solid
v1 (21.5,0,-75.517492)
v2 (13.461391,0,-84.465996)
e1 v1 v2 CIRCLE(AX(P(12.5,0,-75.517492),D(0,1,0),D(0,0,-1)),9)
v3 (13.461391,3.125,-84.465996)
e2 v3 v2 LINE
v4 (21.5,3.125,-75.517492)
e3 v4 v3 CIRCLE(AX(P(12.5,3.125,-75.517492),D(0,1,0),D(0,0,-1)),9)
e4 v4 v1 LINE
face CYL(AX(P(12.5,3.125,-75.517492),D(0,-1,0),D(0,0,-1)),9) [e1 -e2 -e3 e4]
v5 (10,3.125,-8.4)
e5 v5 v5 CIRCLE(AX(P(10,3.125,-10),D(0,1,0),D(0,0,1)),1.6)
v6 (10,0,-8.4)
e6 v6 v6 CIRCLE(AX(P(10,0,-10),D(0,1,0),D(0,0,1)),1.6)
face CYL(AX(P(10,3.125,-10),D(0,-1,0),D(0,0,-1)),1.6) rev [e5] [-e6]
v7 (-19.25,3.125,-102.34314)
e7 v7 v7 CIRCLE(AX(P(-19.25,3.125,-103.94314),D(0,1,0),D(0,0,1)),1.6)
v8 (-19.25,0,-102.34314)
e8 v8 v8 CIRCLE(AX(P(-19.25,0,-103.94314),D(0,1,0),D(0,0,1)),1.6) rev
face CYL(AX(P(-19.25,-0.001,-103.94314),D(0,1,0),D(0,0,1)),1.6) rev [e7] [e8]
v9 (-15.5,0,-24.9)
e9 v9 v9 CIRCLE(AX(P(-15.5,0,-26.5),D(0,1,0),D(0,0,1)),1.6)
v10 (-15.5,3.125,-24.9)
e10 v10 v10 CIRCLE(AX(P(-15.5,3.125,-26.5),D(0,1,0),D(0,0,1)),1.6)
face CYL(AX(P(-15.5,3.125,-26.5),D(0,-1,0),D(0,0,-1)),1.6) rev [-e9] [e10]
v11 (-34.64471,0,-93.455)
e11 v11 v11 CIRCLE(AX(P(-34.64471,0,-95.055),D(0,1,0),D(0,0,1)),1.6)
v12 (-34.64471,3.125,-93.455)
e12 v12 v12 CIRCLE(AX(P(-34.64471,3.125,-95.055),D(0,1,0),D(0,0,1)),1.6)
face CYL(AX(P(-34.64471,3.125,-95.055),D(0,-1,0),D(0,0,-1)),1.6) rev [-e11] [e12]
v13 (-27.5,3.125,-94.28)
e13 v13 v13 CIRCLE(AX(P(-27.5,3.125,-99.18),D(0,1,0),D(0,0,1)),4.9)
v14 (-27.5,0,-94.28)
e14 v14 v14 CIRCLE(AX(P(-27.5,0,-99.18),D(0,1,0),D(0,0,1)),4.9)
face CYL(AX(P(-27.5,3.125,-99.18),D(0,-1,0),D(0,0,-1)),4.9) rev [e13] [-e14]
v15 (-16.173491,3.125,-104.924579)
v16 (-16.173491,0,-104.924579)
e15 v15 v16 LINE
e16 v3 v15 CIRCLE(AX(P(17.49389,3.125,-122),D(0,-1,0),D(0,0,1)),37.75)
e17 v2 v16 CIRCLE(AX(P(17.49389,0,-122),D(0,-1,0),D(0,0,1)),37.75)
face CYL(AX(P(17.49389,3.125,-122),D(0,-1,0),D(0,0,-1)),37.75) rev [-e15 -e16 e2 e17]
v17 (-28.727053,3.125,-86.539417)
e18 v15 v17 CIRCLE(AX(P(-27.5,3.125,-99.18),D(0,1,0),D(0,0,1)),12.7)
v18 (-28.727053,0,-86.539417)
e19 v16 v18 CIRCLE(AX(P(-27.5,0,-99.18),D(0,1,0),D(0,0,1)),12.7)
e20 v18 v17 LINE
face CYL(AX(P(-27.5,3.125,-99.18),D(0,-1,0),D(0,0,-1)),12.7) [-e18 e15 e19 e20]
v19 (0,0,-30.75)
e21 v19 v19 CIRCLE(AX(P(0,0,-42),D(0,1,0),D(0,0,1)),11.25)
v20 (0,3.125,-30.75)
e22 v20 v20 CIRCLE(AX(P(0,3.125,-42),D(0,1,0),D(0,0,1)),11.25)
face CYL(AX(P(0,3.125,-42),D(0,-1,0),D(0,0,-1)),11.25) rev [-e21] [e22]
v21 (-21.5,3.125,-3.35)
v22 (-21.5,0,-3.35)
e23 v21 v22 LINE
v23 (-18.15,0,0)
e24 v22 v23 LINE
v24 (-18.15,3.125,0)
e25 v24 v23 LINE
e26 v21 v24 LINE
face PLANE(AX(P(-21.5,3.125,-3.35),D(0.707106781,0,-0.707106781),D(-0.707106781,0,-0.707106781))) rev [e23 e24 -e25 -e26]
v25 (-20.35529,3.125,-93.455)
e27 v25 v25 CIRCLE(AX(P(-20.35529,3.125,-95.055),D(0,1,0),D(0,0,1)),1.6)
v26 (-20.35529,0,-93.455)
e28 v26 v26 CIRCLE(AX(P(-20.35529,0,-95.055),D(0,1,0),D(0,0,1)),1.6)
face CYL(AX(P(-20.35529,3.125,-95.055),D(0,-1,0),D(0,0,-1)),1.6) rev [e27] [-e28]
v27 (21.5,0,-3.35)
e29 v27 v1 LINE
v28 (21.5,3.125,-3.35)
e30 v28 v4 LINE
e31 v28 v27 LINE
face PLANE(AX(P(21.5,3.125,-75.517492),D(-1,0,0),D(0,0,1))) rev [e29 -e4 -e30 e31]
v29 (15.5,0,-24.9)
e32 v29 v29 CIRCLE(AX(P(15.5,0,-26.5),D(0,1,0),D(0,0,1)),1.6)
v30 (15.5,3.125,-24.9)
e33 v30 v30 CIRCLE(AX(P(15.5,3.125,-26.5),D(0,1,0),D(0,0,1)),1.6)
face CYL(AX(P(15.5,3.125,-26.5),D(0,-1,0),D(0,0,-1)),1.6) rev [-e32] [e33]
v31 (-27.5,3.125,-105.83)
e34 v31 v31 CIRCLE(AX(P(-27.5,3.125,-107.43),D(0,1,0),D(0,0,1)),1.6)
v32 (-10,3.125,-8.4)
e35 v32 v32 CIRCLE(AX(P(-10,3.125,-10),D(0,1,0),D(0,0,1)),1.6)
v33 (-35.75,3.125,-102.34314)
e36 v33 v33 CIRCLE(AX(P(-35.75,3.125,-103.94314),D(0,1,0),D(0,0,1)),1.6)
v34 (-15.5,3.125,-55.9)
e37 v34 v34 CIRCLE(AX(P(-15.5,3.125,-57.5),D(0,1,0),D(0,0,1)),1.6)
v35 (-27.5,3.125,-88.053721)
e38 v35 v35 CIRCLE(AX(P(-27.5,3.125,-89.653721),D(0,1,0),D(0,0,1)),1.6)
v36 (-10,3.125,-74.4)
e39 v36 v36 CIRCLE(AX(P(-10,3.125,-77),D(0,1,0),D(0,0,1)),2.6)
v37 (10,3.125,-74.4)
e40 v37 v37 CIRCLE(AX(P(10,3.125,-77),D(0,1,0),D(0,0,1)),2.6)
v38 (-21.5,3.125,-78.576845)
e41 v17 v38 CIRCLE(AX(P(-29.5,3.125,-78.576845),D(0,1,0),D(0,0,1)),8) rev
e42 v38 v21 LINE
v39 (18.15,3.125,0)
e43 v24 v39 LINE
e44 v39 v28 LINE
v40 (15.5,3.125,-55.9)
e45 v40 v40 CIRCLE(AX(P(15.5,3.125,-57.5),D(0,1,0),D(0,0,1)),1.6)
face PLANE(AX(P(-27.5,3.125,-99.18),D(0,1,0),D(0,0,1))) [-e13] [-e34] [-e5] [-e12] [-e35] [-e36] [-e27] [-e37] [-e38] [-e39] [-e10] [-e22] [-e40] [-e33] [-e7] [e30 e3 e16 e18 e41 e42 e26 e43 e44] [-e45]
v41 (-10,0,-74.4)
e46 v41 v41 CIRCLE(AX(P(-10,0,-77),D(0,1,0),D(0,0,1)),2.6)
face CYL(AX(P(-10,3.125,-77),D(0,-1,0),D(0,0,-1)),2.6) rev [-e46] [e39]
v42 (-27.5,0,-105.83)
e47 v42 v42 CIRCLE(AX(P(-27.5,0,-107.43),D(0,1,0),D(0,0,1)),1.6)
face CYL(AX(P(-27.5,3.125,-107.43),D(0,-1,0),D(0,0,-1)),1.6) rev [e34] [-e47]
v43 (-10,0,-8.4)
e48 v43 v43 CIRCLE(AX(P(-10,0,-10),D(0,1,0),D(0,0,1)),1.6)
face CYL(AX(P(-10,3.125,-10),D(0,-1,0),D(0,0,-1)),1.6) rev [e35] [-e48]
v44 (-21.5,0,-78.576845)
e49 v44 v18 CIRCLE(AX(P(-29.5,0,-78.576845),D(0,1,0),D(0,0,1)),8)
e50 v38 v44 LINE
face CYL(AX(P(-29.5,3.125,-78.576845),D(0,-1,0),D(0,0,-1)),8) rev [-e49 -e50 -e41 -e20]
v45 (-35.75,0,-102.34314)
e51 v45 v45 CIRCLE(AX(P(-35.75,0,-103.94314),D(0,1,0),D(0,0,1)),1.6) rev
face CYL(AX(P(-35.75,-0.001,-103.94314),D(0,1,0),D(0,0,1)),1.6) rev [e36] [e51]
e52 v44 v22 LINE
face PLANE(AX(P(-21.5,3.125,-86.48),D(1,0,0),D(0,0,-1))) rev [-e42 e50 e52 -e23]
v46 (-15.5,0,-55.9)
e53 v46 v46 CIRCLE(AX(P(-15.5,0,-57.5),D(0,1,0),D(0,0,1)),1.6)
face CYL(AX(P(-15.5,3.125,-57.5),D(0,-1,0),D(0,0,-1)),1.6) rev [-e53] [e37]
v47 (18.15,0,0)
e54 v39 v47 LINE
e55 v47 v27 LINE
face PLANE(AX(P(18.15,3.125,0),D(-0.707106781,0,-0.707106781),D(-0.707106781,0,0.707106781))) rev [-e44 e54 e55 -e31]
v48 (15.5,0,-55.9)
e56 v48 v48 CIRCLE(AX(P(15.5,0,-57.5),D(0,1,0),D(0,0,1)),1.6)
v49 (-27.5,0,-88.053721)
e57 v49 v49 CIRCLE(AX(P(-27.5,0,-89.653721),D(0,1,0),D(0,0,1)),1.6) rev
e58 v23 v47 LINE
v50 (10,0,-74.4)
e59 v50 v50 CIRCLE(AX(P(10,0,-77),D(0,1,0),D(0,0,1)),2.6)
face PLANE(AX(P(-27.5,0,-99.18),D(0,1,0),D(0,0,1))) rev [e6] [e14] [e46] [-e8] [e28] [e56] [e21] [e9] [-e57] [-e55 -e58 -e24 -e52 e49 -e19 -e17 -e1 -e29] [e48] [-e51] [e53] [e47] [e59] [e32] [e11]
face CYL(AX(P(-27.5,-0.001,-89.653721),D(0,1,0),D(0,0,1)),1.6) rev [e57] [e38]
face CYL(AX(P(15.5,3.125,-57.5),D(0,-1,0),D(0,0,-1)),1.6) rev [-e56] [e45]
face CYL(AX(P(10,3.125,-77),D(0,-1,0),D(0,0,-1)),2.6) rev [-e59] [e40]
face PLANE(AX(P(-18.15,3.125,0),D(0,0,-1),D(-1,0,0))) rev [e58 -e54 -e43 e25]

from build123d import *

# Parameters (mm, degrees)
SKETCH1_R           = 4.9
SKETCH1_R_2         = 2.6
SKETCH1_R_3         = 1.6
SKETCH1_R_4         = 11.25
BOSS_EXTRUDE1_DEPTH = 3.125
FILLET1_R           = 8
CUT_EXTRUDE1_REACH  = 5.125
SKETCH3_R           = 1.6


with BuildPart() as part:
    # Sketch1 → Boss-Extrude1 (new body)
    with BuildSketch(Plane(origin=(0, 0, 0), x_dir=(1, 0, 0), z_dir=(0, 1, 0))):
        with BuildLine():
            Line((-27.5, 86.48), (-21.5, 86.48))
            Line((-21.5, 86.48), (-21.5, 3.35))
            Line((-21.5, 3.35), (-18.15, 0))
            Line((-18.15, 0), (18.15, 0))
            Line((18.15, 0), (21.5, 3.35))
            Line((21.5, 3.35), (21.5, 75.517491819))
            ThreePointArc((21.5, 75.517491819), (19.195241391, 81.531952951), (13.461390508, 84.465996068))
            ThreePointArc((13.461390508, 84.465996068), (-3.952756456, 90.933879006), (-16.17349063, 104.924578791))
            ThreePointArc((-16.17349063, 104.924578791), (-38.32234149, 105.825820091), (-27.5, 86.48))
        make_face()
        with Locations((-27.5, 99.18)):
            Circle(SKETCH1_R, mode=Mode.SUBTRACT)
        with Locations((10, 77)):
            Circle(SKETCH1_R_2, mode=Mode.SUBTRACT)
        with Locations((-10, 77)):
            Circle(SKETCH1_R_2, mode=Mode.SUBTRACT)
        with Locations((10, 10)):
            Circle(SKETCH1_R_3, mode=Mode.SUBTRACT)
        with Locations((-10, 10)):
            Circle(SKETCH1_R_3, mode=Mode.SUBTRACT)
        with Locations((-20.355290419, 95.055)):
            Circle(SKETCH1_R_3, mode=Mode.SUBTRACT)
        with Locations((-34.644709581, 95.055)):
            Circle(SKETCH1_R_3, mode=Mode.SUBTRACT)
        with Locations((-27.5, 107.43)):
            Circle(SKETCH1_R_3, mode=Mode.SUBTRACT)
        with Locations((0, 42)):
            Circle(SKETCH1_R_4, mode=Mode.SUBTRACT)
        with Locations((-15.5, 26.5)):
            Circle(SKETCH1_R_3, mode=Mode.SUBTRACT)
        with Locations((-15.5, 57.5)):
            Circle(SKETCH1_R_3, mode=Mode.SUBTRACT)
        with Locations((15.5, 57.5)):
            Circle(SKETCH1_R_3, mode=Mode.SUBTRACT)
        with Locations((15.5, 26.5)):
            Circle(SKETCH1_R_3, mode=Mode.SUBTRACT)
    extrude(amount=BOSS_EXTRUDE1_DEPTH)

    # Fillet1
    fillet1_edges = [part.edges().sort_by_distance(p)[0] for p in [
        (-21.5, 1.5625, -86.48),
    ]]
    fillet(fillet1_edges, radius=FILLET1_R)

    # Sketch3 → Cut-Extrude1 (cut, up to next)
    with BuildSketch(Plane(origin=(0, 3.125, 0), x_dir=(1, 0, 0), z_dir=(0, 1, 0)), mode=Mode.PRIVATE) as cut_extrude1_sk1:
        with Locations((-27.5, 89.653720558)):
            Circle(SKETCH3_R)
    cut_extrude1_tool1 = extrude(cut_extrude1_sk1.sketch, amount=-CUT_EXTRUDE1_REACH, mode=Mode.PRIVATE) & part.part
    add(cut_extrude1_tool1.solids().sort_by_distance((-27.5, 3.125, -89.653721))[0], mode=Mode.SUBTRACT)
    # Sketch3 → Cut-Extrude1 (cut, up to next)
    with BuildSketch(Plane(origin=(0, 3.125, 0), x_dir=(1, 0, 0), z_dir=(0, 1, 0)), mode=Mode.PRIVATE) as cut_extrude1_sk2:
        with Locations((-35.75, 103.943139721)):
            Circle(SKETCH3_R)
    cut_extrude1_tool2 = extrude(cut_extrude1_sk2.sketch, amount=-CUT_EXTRUDE1_REACH, mode=Mode.PRIVATE) & part.part
    add(cut_extrude1_tool2.solids().sort_by_distance((-35.75, 3.125, -103.94314))[0], mode=Mode.SUBTRACT)
    # Sketch3 → Cut-Extrude1 (cut, up to next)
    with BuildSketch(Plane(origin=(0, 3.125, 0), x_dir=(1, 0, 0), z_dir=(0, 1, 0)), mode=Mode.PRIVATE) as cut_extrude1_sk3:
        with Locations((-19.25, 103.943139721)):
            Circle(SKETCH3_R)
    cut_extrude1_tool3 = extrude(cut_extrude1_sk3.sketch, amount=-CUT_EXTRUDE1_REACH, mode=Mode.PRIVATE) & part.part
    add(cut_extrude1_tool3.solids().sort_by_distance((-19.25, 3.125, -103.94314))[0], mode=Mode.SUBTRACT)


solid = part.part
